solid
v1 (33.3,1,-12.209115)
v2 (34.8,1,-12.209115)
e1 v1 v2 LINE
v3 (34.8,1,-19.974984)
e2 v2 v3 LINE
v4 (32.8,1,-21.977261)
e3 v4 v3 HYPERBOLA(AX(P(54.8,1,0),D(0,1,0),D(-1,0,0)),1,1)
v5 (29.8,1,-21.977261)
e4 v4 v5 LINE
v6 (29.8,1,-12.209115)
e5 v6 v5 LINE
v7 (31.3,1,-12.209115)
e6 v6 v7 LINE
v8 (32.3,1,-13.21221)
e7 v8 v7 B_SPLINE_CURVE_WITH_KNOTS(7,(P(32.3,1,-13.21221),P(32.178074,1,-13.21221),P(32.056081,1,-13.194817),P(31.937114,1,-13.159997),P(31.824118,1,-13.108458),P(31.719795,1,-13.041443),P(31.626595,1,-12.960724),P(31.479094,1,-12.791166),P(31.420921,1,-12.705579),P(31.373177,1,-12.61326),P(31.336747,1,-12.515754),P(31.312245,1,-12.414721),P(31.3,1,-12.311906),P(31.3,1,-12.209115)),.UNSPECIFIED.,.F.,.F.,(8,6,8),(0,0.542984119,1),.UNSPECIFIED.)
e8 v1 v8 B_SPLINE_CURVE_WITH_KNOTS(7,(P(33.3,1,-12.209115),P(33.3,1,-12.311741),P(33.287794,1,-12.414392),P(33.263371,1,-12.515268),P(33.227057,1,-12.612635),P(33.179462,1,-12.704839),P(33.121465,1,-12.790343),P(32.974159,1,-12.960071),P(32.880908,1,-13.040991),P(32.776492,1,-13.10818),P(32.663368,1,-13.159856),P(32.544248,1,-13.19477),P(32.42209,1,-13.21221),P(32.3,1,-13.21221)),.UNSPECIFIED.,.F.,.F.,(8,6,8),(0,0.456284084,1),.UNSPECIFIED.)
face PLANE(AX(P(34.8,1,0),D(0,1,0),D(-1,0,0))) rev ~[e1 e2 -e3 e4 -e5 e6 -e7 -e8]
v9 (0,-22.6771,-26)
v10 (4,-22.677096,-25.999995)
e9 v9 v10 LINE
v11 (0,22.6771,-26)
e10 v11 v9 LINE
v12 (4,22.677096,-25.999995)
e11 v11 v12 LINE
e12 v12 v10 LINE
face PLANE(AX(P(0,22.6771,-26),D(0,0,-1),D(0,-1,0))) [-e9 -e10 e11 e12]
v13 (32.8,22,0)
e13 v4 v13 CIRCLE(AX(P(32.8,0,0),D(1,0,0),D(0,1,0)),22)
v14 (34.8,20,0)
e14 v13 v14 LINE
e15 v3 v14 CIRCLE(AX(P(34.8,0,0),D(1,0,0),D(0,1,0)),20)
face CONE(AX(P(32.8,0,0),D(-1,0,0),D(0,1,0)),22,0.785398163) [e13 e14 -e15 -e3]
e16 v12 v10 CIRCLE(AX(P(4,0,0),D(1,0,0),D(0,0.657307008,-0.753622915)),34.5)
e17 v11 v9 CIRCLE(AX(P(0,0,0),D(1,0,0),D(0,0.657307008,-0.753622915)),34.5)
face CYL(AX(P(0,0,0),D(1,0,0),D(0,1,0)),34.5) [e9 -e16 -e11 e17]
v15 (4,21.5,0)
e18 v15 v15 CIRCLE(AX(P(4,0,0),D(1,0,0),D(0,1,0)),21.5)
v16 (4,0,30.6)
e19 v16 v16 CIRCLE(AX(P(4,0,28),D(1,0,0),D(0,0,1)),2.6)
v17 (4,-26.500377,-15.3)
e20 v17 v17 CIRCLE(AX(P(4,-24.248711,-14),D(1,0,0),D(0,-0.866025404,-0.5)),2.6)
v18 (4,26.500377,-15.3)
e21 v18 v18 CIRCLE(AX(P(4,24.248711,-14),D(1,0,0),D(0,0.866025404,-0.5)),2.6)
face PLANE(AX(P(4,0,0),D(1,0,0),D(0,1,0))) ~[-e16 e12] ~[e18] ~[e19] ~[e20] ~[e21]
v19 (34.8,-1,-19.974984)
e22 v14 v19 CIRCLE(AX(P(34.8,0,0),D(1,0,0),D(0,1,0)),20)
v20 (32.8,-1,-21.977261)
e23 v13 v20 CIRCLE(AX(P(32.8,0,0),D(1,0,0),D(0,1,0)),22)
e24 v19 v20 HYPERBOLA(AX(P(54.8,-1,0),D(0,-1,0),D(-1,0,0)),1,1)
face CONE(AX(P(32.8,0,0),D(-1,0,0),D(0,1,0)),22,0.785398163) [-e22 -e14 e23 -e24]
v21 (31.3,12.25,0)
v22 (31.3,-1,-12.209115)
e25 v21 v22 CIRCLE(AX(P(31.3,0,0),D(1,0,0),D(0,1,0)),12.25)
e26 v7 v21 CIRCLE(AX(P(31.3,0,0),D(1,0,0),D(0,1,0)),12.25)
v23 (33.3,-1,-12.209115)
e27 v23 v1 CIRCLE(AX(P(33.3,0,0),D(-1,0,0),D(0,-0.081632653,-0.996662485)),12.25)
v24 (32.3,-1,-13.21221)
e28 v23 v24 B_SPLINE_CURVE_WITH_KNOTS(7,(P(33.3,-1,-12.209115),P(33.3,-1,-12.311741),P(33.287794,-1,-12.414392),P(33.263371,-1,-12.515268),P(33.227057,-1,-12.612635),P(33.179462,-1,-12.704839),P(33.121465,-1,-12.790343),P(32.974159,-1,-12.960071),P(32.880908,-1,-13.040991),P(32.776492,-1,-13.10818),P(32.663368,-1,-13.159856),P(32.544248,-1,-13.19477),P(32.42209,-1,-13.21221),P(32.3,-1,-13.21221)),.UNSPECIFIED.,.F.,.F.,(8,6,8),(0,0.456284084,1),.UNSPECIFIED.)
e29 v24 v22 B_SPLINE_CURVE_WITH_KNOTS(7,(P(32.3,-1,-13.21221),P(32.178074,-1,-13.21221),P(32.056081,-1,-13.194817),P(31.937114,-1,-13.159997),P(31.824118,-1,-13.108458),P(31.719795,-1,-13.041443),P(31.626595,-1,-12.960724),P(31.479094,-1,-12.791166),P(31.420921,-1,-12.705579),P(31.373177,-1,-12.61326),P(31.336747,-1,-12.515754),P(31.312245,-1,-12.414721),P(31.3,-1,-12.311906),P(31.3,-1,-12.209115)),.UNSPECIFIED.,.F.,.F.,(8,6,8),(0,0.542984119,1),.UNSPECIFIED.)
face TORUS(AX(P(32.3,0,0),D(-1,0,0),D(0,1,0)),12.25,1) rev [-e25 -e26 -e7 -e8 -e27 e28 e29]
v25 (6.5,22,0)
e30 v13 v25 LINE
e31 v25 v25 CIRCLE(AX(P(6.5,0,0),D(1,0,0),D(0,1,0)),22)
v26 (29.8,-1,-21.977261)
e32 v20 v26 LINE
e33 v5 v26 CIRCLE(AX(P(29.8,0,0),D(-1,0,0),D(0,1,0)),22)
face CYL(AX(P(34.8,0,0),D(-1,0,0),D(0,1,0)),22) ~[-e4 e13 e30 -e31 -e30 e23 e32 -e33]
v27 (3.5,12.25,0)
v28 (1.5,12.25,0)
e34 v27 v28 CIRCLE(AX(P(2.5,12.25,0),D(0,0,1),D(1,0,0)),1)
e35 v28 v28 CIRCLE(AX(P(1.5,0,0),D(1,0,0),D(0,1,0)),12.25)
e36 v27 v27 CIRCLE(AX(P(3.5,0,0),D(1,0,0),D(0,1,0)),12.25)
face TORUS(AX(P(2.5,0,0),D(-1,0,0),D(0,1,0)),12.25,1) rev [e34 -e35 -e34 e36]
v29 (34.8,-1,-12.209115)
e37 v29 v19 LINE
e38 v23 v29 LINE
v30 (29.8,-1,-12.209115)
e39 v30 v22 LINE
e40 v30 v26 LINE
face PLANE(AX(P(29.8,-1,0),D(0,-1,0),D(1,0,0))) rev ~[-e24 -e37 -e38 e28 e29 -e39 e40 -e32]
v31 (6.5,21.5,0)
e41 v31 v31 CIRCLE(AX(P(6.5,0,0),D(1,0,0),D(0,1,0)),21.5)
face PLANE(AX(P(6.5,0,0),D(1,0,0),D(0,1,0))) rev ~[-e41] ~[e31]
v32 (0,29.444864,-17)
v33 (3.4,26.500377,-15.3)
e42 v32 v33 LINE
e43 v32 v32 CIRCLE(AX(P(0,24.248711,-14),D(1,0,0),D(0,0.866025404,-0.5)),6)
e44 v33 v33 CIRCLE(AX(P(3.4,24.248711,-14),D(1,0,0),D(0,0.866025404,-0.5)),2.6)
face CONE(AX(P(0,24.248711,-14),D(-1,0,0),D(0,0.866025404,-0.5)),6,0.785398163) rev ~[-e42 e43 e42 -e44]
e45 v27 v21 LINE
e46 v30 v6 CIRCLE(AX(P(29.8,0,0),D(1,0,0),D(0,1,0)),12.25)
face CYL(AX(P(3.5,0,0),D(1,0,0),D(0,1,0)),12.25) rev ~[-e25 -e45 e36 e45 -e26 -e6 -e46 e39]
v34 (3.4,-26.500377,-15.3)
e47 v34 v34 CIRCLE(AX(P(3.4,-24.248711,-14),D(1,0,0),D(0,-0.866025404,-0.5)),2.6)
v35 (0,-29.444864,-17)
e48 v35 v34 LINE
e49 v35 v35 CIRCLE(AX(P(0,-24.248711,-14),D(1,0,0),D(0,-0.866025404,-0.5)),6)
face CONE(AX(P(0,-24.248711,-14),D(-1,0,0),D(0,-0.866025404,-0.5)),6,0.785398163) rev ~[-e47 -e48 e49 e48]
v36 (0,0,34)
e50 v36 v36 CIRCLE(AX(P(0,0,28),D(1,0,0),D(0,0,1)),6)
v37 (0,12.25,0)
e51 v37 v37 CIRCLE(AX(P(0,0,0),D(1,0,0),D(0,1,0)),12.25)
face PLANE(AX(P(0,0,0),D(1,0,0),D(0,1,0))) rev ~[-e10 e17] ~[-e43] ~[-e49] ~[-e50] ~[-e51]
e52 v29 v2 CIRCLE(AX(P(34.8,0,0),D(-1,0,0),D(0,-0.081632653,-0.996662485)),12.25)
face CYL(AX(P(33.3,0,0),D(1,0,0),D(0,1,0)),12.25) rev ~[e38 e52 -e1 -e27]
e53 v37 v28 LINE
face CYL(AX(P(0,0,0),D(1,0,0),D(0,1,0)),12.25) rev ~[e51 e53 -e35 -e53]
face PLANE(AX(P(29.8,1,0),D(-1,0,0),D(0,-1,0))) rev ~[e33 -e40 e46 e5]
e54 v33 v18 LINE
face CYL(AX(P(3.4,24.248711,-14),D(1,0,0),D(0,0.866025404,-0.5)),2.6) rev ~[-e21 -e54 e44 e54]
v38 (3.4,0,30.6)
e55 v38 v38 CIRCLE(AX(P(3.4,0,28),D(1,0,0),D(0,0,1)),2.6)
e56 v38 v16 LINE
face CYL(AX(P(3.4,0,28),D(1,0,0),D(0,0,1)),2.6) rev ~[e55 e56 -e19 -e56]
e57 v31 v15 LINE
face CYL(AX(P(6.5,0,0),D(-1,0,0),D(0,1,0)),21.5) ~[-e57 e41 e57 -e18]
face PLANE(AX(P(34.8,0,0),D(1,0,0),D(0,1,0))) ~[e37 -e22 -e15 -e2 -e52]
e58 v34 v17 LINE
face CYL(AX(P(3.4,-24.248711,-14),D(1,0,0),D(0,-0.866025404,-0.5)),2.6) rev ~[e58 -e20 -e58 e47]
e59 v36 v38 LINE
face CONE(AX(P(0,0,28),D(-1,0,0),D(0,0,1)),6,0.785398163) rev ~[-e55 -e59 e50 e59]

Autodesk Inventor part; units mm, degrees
ref_plane "YZ Plane" through (0, 0, 0) normal (1, 0, 0) x (0, 1, 0)
ref_plane "XZ Plane" through (0, 0, 0) normal (0, 1, 0) x (-1, 0, 0)
ref_plane "XY Plane" through (0, 0, 0) normal (0, 0, 1) x (1, 0, 0)
sketch "Sketch1" plane through (0, 0, 0) normal (0, 0, 1) x (1, 0, 0)
  line L0 (0, 34.5) -> (0, 12.25)
  line L1 (0, 12.25) -> (1.5, 12.25)
  line L2 (34.8, 12.25) -> (34.8, 22)
  line L3 (34.8, 22) -> (6.5, 22)
  line L4 (4, 21.5) -> (4, 34.5)
  line L5 (0, 34.5) -> (4, 34.5)
  line L6 (-6.96, 0) -> (41.76, 0) projected
  line L7 (6.5, 22) -> (6.5, 21.5)
  line L8 (6.5, 21.5) -> (4, 21.5)
  arc A0 (3.5, 12.25) -> (1.5, 12.25) centre (2.5, 12.25) ccw
  arc A1 (33.3, 12.25) -> (31.3, 12.25) centre (32.3, 12.25) ccw
  line L9 (1.5, 12.25) -> (3.5, 12.25) construction
  line L10 (3.5, 12.25) -> (31.3, 12.25)
  line L11 (31.3, 12.25) -> (33.3, 12.25) construction
  line L12 (33.3, 12.25) -> (34.8, 12.25)
  point P0 (0, 0)
  dimension "d0" = 34.8
  dimension "d1" = 69
  dimension "d2" = 24.5
  dimension "d3" = 44
  dimension "d4" = 4
  dimension "d5" = 43
  dimension "d6" = 2.5
  dimension "d7" = 1
  dimension "d8" = 1
  dimension "d9" = 2.5
  dimension "d10" = 2.5
revolve "Revolution1" add sketch "Sketch1" angle 360 about axis through (-10, 0, 0) along (1, 0, 0)
chamfer "Chamfer1" distance 2 angle 45 1 edges at (34.8, -22, 0)
sketch "Sketch2" plane through (0, 0, 0) normal (0, 0, 1) x (1, 0, 0)
  line L0 (34.8, -12.25) -> (34.8, 12.25) projected
  line L1 (34.8, 1) -> (29.8, 1)
  line L2 (29.8, 1) -> (29.8, -1)
  line L3 (29.8, -1) -> (34.8, -1)
  line L4 (34.8, -1) -> (34.8, 1)
  point P0 (0, 0)
  point P1 (34.8, 0)
  point P2 (29.8, 0)
  dimension "d15" = 2
  dimension "d16" = 5
extrude "Extrusion1" cut sketch "Sketch2" against normal through all
sketch "Sketch3" plane through (0, 0, 0) normal (-1, 0, 0) x (0, 0, 1)
  circle A0 centre (0, 0) radius 12.25 projected
  point P0 (28, 0)
  dimension "d19" = 28
hole "Hole1" at (0, 0, 28) direction (1, 0, 0) diameter 5.2 end through all countersink diameter 12 countersink angle 90
pattern_circular "Circular Pattern1" count 3 over 360 about axis through (2, 0, 0) along (1, 0, 0) of "Hole1"
sketch "Sketch4" plane through (0, 0, 0) normal (-1, 0, 0) x (0, 0, 1)
  circle A0 centre (0, 0) radius 12.25 projected
  circle A1 centre (0, 0) radius 34.5 projected
  line L0 (-26, 22.6771) -> (-26, -22.6771)
  dimension "d30" = 26
extrude "Extrusion2" cut sketch "Sketch4" against normal through all contours L0 A1 picked at (-27.5435, 5.2917)
properties part number "Part009Flange" material "Steel, Carbon"
